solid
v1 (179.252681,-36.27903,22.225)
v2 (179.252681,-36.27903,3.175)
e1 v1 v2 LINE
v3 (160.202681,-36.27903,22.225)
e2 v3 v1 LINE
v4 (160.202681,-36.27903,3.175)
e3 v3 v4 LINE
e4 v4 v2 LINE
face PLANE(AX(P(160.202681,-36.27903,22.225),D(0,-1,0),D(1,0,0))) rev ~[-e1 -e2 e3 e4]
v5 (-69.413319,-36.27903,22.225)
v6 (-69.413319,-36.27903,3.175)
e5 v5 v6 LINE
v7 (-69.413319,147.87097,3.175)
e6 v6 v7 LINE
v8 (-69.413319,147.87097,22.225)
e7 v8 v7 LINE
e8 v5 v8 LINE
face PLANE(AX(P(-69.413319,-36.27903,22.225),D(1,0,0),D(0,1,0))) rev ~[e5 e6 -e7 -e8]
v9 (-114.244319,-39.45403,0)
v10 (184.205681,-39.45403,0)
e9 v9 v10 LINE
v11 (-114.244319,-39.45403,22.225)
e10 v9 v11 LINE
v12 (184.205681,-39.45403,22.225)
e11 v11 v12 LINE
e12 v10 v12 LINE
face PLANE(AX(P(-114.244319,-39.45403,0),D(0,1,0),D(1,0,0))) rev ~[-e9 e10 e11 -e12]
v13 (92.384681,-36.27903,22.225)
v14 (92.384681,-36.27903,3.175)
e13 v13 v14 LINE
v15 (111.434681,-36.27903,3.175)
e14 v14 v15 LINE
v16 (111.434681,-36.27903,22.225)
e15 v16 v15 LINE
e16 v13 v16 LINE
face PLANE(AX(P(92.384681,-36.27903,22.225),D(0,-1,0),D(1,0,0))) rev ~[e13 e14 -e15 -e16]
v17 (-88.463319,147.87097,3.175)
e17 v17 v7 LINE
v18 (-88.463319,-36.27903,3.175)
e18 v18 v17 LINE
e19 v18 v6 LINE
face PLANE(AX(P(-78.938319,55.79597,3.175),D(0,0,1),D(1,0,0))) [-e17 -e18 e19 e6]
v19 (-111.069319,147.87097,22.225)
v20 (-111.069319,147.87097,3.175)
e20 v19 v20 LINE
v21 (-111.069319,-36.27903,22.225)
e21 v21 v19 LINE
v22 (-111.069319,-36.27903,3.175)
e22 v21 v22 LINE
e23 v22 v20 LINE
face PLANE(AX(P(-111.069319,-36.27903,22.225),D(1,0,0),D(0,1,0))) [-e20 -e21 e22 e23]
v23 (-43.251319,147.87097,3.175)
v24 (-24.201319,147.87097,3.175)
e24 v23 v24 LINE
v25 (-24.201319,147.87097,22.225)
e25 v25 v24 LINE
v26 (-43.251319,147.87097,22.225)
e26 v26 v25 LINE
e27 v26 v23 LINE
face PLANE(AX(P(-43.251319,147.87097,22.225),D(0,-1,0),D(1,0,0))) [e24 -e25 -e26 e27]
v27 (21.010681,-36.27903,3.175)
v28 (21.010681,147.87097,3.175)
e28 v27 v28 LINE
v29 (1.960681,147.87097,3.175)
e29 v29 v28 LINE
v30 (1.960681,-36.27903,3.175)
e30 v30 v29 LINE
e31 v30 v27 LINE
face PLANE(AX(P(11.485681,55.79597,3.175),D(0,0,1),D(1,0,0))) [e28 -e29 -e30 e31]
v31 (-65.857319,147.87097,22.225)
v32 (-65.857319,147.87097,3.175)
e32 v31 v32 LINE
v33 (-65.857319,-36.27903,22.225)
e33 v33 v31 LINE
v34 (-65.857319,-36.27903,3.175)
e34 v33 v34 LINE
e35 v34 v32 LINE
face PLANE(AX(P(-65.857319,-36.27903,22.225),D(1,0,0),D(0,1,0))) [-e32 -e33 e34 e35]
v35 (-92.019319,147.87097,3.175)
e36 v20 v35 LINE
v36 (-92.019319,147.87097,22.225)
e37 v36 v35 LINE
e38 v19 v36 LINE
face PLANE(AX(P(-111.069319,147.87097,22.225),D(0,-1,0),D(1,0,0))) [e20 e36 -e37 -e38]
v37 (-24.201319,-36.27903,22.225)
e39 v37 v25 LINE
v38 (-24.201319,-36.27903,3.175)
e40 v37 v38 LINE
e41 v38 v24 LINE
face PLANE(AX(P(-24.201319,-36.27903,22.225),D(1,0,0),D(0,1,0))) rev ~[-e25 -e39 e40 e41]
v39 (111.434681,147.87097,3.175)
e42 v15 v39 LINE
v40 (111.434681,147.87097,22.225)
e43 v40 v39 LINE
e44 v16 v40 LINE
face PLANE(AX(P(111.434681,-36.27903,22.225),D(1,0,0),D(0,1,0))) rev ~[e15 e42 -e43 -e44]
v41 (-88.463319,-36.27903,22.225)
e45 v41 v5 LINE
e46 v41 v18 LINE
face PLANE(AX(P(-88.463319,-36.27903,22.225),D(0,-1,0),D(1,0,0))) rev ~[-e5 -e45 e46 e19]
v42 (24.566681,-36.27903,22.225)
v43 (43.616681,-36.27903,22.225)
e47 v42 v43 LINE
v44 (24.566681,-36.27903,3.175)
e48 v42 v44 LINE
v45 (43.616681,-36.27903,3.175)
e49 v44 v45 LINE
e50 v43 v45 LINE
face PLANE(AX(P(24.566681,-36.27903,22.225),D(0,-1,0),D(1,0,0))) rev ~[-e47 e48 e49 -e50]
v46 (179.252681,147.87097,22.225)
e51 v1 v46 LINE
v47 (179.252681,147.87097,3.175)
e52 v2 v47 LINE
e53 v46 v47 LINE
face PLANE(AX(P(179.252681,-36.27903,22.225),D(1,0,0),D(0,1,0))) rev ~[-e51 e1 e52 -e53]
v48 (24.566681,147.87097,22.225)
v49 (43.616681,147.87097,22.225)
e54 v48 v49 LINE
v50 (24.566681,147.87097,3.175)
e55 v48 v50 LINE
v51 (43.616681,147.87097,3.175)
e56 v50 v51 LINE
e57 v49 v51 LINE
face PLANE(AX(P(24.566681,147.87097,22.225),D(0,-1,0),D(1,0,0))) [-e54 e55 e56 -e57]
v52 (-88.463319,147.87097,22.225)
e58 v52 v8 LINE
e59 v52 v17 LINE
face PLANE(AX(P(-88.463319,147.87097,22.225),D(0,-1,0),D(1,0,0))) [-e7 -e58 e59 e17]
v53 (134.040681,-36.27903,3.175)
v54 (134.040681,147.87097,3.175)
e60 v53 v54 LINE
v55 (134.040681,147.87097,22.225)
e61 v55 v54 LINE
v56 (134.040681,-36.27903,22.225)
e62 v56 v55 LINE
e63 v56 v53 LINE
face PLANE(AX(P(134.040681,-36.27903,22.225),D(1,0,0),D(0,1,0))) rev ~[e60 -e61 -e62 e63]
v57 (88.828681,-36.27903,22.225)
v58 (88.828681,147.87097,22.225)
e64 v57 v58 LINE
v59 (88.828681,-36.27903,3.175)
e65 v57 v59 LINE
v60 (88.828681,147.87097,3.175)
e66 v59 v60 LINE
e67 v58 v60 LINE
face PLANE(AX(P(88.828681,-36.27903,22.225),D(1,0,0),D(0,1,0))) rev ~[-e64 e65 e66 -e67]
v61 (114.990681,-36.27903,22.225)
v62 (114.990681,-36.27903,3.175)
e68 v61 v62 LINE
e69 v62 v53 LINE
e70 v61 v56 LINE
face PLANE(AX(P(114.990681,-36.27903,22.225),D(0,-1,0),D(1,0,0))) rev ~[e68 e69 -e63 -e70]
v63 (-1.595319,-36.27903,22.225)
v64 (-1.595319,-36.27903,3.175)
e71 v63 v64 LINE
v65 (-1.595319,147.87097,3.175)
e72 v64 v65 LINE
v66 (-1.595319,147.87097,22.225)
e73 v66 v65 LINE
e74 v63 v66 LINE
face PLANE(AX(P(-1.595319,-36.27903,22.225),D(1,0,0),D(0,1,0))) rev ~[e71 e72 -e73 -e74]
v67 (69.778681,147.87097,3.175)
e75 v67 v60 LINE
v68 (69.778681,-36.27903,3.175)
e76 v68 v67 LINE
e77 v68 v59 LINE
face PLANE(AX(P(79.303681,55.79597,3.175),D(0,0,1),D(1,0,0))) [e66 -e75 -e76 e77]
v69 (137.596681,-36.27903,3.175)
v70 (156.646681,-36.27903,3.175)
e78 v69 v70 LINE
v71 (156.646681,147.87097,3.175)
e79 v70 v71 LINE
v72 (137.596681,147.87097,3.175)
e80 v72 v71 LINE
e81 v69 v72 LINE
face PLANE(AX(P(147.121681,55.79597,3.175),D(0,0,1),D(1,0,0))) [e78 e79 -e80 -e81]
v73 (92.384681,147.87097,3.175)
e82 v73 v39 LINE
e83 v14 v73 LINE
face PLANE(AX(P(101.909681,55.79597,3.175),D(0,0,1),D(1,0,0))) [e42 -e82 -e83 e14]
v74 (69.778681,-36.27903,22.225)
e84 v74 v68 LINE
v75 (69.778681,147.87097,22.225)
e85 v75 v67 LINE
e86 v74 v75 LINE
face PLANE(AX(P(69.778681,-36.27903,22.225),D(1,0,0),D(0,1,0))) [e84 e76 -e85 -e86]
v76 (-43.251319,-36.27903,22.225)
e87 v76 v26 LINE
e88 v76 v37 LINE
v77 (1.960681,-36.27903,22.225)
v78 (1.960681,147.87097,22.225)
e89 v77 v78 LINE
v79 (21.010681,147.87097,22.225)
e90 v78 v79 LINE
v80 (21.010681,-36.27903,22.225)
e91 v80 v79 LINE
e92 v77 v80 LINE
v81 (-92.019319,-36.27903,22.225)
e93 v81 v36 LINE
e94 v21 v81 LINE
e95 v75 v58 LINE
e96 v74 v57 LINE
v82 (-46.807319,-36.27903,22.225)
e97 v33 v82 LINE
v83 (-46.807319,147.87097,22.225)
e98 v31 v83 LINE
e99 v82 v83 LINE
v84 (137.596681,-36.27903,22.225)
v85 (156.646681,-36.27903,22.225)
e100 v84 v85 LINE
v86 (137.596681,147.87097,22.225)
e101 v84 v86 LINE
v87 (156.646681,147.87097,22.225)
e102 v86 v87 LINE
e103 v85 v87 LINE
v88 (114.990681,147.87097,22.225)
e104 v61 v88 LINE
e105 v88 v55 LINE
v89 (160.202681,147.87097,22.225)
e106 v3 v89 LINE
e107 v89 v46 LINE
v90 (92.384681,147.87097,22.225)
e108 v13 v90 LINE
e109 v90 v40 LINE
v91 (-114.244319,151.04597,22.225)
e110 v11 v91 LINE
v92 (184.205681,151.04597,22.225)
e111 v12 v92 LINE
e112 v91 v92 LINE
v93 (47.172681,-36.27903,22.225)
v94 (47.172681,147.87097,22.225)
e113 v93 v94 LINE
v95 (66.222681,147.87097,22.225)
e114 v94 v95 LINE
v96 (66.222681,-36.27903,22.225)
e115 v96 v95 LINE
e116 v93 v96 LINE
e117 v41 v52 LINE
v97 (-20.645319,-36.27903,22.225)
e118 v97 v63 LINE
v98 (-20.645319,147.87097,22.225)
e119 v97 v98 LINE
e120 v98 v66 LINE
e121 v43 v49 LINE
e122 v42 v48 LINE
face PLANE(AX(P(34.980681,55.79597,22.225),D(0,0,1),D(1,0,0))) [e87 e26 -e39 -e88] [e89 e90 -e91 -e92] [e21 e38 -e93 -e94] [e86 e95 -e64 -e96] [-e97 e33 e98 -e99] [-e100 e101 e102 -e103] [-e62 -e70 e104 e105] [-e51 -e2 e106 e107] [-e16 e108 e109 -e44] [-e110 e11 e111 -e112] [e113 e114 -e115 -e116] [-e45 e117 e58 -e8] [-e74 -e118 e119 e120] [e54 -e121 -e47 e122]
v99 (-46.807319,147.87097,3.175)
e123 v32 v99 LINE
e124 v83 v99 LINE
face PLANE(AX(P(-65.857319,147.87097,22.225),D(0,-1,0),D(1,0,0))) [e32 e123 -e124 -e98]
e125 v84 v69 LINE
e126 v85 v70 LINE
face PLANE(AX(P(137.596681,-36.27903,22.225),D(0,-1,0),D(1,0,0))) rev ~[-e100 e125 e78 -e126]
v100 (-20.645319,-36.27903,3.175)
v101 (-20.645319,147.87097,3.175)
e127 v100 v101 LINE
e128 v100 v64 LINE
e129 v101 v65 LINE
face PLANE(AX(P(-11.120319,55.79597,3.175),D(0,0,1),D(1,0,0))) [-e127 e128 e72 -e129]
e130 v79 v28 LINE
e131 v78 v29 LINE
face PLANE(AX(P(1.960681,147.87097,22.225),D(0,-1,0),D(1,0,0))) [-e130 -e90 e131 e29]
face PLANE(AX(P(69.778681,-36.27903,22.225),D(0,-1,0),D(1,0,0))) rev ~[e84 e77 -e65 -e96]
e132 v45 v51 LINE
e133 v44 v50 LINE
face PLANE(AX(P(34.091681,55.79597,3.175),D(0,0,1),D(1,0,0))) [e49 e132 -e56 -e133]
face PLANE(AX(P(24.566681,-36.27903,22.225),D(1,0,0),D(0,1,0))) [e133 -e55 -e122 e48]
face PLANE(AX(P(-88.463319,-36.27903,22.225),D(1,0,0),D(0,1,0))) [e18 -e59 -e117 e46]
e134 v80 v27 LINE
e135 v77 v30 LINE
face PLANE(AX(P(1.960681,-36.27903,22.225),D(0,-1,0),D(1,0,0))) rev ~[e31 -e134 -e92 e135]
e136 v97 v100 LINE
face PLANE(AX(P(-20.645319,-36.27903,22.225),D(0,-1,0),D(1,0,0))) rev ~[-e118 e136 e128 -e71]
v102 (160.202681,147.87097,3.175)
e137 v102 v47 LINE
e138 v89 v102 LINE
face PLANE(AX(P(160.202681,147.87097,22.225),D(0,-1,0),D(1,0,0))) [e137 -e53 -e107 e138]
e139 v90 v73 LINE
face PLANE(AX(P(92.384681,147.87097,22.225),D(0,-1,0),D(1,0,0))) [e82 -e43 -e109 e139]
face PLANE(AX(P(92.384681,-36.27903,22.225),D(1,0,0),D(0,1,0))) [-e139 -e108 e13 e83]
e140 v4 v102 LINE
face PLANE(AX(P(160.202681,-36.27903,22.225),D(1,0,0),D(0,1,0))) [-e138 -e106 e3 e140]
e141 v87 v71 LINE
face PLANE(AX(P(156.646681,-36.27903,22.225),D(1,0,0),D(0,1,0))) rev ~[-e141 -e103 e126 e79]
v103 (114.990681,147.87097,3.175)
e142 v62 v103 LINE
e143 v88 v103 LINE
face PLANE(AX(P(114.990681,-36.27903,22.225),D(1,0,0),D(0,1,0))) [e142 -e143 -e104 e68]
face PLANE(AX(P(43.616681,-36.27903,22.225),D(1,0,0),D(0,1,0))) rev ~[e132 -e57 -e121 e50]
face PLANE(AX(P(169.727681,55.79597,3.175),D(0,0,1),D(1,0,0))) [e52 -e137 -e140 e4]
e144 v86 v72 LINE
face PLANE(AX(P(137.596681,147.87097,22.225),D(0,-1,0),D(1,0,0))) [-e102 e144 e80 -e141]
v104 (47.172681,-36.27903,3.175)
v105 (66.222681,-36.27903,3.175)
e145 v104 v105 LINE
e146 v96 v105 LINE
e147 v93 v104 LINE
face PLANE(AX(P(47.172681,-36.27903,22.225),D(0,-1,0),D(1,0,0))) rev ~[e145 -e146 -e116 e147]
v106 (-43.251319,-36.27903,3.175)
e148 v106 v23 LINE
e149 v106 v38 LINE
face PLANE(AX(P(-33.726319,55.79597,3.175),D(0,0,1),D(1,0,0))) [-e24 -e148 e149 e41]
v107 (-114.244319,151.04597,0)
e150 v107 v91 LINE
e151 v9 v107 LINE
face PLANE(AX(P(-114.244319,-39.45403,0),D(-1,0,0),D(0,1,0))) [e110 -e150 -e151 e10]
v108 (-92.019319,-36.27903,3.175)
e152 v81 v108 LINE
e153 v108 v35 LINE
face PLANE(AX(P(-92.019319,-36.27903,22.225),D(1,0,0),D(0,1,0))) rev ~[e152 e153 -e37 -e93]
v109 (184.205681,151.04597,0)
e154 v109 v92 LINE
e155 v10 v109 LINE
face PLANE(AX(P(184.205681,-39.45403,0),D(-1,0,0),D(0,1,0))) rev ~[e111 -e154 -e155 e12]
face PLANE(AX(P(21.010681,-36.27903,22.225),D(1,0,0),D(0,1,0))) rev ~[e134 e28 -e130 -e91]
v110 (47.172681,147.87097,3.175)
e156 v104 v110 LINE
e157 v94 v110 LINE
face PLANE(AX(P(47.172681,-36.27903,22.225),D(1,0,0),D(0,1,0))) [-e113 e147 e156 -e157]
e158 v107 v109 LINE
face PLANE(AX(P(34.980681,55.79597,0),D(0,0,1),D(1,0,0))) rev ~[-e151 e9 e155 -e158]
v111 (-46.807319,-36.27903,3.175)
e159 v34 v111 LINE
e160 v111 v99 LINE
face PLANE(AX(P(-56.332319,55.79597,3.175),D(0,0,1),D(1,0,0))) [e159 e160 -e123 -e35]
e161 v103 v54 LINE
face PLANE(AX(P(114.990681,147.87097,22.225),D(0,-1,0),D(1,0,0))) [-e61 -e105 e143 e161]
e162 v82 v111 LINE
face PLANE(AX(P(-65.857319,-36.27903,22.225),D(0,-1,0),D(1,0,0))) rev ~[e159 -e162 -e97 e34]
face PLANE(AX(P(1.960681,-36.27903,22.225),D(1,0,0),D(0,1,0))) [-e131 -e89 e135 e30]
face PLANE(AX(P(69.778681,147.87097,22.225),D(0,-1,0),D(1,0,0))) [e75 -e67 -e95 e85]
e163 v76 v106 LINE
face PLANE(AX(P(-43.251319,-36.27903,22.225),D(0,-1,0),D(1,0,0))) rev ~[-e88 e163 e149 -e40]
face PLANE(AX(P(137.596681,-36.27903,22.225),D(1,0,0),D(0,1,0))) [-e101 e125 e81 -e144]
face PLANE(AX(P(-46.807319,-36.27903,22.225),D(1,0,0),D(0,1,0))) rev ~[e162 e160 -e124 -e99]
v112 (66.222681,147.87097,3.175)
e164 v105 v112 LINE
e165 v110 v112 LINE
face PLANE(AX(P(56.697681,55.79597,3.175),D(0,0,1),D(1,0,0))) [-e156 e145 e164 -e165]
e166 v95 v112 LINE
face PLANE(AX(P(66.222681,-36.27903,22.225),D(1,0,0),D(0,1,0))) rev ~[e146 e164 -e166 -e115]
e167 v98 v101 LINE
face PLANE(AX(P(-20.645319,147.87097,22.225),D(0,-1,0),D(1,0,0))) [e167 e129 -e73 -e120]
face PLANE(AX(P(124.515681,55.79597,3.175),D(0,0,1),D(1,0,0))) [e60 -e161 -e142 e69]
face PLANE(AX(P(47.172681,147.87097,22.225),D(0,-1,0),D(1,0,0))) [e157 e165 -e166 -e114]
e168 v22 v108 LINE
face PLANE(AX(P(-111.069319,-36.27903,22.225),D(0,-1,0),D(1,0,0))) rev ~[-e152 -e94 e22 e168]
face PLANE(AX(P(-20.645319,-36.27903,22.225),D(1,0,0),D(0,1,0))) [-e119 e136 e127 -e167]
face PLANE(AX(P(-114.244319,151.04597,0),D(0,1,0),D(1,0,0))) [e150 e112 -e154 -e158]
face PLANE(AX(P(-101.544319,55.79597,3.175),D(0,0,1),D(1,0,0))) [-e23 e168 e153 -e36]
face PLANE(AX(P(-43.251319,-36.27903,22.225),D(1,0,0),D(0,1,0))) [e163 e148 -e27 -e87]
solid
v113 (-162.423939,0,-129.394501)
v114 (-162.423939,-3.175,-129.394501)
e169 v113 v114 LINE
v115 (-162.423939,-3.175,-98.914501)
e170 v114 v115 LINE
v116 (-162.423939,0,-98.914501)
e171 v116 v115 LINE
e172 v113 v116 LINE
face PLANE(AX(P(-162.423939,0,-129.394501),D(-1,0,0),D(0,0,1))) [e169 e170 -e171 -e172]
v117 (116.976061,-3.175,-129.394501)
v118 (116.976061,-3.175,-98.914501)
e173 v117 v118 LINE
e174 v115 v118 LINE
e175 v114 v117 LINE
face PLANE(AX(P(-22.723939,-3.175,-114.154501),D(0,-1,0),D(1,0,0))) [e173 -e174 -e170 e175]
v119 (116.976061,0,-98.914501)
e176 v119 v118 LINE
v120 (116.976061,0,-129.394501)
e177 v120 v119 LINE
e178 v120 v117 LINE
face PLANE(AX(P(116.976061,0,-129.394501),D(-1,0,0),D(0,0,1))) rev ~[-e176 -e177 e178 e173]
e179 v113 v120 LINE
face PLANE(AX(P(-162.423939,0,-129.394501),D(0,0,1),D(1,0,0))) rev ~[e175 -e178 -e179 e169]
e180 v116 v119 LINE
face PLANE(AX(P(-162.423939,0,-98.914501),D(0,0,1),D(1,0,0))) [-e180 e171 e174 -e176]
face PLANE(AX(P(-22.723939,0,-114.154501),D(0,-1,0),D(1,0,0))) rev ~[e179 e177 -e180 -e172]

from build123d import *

# Parameters (mm, degrees)
F0_W     = 298.45
F0_H     = 190.5
F1_DEPTH = 22.225
F2_W     = 279.4
F2_H     = 30.48
F3_DEPTH = 3.175
F4_W     = 19.05
F4_H     = 184.15
F5_DEPTH = 19.05


with BuildPart() as f1:
    # F0 (on Top) → F1 (new body)
    with BuildSketch(Plane.XY):
        with Locations((34.980681, 55.79597)):
            Rectangle(F0_W, F0_H)
    extrude(amount=F1_DEPTH)

    # F4 (on face) → F5 (cut)
    with BuildSketch(Plane.XY.offset(22.225)):
        with Locations((-101.544319, 55.79597)):
            Rectangle(F4_W, F4_H)
        with Locations((-78.938319, 55.79597)):
            Rectangle(F4_W, F4_H)
        with Locations((-56.332319, 55.79597)):
            Rectangle(F4_W, F4_H)
        with Locations((-33.726319, 55.79597)):
            Rectangle(F4_W, F4_H)
        with Locations((-11.120319, 55.79597)):
            Rectangle(F4_W, F4_H)
        with Locations((11.485681, 55.79597)):
            Rectangle(F4_W, F4_H)
        with Locations((34.091681, 55.79597)):
            Rectangle(F4_W, F4_H)
        with Locations((56.697681, 55.79597)):
            Rectangle(F4_W, F4_H)
        with Locations((79.303681, 55.79597)):
            Rectangle(F4_W, F4_H)
        with Locations((101.909681, 55.79597)):
            Rectangle(F4_W, F4_H)
        with Locations((124.515681, 55.79597)):
            Rectangle(F4_W, F4_H)
        with Locations((147.121681, 55.79597)):
            Rectangle(F4_W, F4_H)
        with Locations((169.727681, 55.79597)):
            Rectangle(F4_W, F4_H)
    extrude(amount=-F5_DEPTH, mode=Mode.SUBTRACT)


with BuildPart() as f3:
    # F2 (on Front) → F3 (new body)
    with BuildSketch(Plane.XZ):
        with Locations((-22.723939, -114.154501)):
            Rectangle(F2_W, F2_H)
    extrude(amount=F3_DEPTH)


solid = Compound([f1.part, f3.part])
